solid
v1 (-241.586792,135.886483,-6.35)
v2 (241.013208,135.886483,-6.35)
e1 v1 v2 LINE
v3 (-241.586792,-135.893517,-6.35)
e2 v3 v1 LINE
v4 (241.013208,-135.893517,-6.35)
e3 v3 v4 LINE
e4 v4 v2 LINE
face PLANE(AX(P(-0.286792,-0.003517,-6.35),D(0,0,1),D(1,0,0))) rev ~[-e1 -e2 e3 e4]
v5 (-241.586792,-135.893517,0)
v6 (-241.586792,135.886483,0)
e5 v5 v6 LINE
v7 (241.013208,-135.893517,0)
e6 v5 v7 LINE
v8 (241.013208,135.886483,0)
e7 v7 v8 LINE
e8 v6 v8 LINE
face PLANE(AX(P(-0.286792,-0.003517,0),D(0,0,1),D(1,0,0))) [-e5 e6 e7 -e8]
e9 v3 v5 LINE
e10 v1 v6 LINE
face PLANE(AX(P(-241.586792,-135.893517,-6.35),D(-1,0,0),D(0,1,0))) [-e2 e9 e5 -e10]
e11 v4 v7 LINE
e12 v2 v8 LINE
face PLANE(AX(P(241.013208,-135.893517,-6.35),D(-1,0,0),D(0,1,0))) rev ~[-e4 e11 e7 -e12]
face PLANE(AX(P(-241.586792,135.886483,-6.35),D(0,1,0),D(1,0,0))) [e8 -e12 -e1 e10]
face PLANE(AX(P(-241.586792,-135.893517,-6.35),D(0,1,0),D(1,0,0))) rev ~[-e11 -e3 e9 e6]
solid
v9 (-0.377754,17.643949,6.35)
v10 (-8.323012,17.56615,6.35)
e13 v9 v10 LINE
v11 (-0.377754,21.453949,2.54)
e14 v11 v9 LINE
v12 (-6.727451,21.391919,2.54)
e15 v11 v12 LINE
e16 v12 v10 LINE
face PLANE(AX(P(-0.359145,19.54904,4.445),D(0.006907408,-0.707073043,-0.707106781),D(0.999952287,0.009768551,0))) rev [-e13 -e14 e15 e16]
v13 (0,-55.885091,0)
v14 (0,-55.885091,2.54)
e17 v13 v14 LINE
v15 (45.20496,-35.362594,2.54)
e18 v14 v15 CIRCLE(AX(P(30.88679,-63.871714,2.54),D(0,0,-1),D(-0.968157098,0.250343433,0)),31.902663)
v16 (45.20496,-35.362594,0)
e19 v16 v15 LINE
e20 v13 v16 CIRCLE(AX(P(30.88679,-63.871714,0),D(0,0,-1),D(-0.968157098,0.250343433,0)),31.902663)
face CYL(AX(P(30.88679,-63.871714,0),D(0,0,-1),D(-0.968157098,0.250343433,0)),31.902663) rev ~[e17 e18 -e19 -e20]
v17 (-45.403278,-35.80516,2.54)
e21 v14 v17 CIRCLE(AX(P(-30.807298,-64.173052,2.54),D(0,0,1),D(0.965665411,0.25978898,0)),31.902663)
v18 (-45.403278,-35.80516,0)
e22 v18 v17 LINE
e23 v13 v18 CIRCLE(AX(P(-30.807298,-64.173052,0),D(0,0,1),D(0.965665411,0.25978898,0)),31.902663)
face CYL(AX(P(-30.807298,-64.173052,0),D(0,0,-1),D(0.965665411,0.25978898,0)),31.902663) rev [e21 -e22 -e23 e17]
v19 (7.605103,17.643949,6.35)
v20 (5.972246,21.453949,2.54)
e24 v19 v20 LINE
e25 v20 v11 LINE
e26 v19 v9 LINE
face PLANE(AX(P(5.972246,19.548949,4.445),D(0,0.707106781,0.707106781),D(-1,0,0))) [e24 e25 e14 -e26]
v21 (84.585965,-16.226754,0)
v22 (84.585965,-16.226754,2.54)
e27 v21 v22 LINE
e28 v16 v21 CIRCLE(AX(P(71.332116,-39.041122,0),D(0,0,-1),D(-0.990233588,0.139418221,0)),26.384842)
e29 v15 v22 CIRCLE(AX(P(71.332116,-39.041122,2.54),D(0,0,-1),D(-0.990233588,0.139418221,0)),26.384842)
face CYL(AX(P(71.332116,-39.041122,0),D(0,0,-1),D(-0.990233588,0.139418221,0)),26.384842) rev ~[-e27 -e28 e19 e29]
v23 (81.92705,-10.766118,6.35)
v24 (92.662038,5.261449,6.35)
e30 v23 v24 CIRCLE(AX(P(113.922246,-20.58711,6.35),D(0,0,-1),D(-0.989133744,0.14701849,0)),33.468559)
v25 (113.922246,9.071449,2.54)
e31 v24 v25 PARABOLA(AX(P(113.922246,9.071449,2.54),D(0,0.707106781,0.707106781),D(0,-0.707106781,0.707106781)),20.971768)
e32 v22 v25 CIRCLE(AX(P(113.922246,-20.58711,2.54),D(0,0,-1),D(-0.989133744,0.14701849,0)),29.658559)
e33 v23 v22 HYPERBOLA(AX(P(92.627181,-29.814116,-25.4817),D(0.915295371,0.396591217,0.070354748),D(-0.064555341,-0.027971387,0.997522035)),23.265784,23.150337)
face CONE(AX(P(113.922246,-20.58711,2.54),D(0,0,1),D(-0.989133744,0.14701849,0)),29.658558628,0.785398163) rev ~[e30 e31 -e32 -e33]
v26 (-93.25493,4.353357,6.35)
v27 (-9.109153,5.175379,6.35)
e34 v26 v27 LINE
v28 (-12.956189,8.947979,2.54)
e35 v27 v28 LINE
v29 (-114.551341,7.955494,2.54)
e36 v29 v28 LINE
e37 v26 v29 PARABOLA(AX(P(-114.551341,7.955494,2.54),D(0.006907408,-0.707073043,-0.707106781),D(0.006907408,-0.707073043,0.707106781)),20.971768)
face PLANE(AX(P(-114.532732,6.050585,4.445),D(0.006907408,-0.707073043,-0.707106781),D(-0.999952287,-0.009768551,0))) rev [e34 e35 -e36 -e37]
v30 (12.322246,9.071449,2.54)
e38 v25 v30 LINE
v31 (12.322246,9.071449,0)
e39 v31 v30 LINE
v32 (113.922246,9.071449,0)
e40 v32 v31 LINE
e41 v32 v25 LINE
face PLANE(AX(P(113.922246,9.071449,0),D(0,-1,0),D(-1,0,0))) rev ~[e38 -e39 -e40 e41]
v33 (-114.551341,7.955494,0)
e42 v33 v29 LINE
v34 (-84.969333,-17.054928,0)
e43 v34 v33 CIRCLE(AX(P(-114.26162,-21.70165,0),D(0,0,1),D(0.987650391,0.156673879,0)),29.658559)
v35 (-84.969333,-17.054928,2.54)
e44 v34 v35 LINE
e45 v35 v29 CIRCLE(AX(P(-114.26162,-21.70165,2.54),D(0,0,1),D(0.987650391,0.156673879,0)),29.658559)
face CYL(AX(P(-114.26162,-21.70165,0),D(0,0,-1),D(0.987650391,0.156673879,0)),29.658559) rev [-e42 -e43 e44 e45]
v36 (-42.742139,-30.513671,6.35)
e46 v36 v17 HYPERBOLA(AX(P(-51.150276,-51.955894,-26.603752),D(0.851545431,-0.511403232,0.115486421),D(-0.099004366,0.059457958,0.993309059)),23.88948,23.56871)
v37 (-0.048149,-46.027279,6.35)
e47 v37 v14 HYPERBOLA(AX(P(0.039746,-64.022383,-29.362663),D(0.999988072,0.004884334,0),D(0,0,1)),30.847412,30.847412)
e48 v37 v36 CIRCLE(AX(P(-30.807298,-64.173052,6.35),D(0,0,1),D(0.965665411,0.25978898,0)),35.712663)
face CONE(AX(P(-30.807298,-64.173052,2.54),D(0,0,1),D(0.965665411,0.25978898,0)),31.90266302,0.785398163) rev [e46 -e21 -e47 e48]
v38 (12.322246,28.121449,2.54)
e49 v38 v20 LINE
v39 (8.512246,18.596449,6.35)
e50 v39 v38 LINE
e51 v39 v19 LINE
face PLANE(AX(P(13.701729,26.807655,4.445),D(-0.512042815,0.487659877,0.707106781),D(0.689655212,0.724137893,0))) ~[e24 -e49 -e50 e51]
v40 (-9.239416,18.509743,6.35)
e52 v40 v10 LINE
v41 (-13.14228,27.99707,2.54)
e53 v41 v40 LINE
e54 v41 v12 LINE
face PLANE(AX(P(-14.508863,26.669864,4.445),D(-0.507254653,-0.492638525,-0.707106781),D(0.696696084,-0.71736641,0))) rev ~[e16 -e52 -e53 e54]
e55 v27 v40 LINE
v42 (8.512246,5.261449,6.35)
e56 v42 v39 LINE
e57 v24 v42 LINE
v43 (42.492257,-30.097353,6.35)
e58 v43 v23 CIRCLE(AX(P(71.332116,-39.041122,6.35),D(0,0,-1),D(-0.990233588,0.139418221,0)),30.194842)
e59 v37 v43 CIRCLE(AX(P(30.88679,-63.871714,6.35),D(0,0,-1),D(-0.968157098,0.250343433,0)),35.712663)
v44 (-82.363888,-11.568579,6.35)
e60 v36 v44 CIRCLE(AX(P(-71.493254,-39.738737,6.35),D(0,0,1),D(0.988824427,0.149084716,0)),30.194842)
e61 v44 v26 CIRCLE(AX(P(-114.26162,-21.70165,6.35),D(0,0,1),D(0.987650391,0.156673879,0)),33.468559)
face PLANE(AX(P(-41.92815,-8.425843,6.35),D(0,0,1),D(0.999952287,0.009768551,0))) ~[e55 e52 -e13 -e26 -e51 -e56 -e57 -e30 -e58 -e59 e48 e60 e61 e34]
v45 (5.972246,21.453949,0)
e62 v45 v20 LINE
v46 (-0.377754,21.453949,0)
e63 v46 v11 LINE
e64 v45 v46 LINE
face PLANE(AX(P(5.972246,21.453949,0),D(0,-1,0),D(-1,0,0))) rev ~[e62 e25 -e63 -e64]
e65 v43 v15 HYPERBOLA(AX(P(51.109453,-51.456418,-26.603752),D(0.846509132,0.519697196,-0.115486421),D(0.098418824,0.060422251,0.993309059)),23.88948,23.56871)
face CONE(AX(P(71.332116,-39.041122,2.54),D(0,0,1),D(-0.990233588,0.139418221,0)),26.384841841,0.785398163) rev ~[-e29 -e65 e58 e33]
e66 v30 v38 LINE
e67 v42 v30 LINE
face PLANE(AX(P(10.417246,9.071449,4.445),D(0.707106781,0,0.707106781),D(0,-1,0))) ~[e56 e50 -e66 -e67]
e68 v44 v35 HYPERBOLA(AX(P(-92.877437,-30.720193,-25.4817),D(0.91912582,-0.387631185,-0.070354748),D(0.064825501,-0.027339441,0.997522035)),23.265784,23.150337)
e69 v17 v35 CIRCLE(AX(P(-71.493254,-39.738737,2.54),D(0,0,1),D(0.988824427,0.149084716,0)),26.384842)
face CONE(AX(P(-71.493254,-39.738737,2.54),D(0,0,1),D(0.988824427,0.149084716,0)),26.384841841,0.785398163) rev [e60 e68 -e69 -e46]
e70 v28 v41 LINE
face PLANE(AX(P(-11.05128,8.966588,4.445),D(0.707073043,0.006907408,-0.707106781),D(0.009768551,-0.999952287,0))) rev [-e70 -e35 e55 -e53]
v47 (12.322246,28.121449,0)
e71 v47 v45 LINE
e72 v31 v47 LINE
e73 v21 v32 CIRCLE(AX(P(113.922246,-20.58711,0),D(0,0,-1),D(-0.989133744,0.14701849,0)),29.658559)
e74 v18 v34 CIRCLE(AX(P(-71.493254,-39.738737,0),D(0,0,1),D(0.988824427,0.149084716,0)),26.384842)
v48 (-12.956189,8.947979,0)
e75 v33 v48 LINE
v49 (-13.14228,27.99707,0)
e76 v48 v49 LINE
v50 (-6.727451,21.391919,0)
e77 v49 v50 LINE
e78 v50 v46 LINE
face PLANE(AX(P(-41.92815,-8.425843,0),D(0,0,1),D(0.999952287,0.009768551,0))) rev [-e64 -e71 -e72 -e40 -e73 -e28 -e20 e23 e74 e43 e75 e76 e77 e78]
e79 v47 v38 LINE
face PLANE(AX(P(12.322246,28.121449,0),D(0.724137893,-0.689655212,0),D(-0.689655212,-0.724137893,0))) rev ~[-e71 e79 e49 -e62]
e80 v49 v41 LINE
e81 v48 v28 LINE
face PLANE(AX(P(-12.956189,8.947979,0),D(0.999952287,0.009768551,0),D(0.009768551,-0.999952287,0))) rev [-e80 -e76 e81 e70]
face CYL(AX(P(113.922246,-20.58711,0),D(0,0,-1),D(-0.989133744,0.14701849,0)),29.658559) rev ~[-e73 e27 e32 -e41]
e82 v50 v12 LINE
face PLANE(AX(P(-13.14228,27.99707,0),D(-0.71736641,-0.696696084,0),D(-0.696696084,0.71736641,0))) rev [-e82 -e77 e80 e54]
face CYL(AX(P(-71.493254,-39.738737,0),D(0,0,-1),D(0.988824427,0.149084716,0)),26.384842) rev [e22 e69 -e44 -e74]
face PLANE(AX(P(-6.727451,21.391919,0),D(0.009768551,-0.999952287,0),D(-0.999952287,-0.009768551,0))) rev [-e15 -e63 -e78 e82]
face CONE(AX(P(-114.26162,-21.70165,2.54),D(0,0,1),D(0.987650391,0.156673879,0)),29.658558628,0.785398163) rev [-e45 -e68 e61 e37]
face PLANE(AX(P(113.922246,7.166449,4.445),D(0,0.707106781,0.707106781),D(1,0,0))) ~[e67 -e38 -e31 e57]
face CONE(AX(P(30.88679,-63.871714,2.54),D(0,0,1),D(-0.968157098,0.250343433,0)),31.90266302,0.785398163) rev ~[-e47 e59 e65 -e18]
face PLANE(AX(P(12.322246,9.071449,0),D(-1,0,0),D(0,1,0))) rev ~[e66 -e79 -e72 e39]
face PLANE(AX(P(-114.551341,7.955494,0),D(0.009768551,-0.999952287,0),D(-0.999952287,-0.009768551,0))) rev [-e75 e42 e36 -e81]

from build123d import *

# Parameters (mm, degrees)
F1_DEPTH = 6.35
F3_SIZE  = 3.81
F5_W     = 482.6
F5_H     = 271.78
F6_DEPTH = 6.35


with BuildPart() as f1:
    # F0 (on Top) → F1 (new body)
    with BuildSketch(Plane.XY):
        with BuildLine():
            Line((5.972245817, 21.453949254), (-0.377754183, 21.453949254))
            Line((-0.377754183, 21.453949254), (0, -55.885091424))
            ThreePointArc((0, -55.885091424), (17.6988021237, -34.8224985897), (45.2049598098, -35.3625938296))
            ThreePointArc((45.2049598098, -35.3625938296), (59.8006112137, -15.3096178799), (84.5859646797, -16.2267535925))
            ThreePointArc((84.5859646797, -16.2267535925), (94.5533505133, 1.8734329543), (113.922245817, 9.071448521))
            Line((113.922245817, 9.071448521), (12.322245817, 9.071448521))
            Line((12.322245817, 9.071448521), (12.322245817, 28.121448521))
            Line((12.322245817, 28.121448521), (5.972245817, 21.453949254))
        make_face()
    extrude(amount=F1_DEPTH)

    # F2: F1 across face


with BuildPart() as f1_1:
    add(f1.part)
    add(f1.part.mirror(Plane(origin=(-0.1888770915, -17.215571085, 3.175), x_dir=(0.0048843336, -0.9999880716, 0), z_dir=(-0.9999880716, -0.0048843336, 0))))

    # F3
    f3_edges = [f1_1.edges().sort_by_distance(p)[0] for p in [
        (12.322246, 18.596449, 6.35),
        (9.147246, 24.787699, 6.35),
        (2.797246, 21.453949, 6.35),
        (-3.552603, 21.422934, 6.35),
        (-9.934866, 24.694494, 6.35),
        (-13.049235, 18.472524, 6.35),
        (-63.753765, 8.451736, 6.35),
        (-95.113056, 0.947028, 6.35),
        (-60.194121, -15.895719, 6.35),
        (-17.903709, -34.996395, 6.35),
        (17.698802, -34.822499, 6.35),
        (59.800611, -15.309618, 6.35),
        (94.553351, 1.873433, 6.35),
        (63.122246, 9.071449, 6.35),
    ]]
    chamfer(f3_edges, length=F3_SIZE)


with BuildPart() as f6:
    # F5 (on offset) → F6 (new body)
    with BuildSketch(Plane.XY.offset(-6.35)):
        with Locations((-0.2867917727, -0.003516674)):
            Rectangle(F5_W, F5_H)
    extrude(amount=F6_DEPTH)


solid = Compound([f1_1.part, f6.part])
